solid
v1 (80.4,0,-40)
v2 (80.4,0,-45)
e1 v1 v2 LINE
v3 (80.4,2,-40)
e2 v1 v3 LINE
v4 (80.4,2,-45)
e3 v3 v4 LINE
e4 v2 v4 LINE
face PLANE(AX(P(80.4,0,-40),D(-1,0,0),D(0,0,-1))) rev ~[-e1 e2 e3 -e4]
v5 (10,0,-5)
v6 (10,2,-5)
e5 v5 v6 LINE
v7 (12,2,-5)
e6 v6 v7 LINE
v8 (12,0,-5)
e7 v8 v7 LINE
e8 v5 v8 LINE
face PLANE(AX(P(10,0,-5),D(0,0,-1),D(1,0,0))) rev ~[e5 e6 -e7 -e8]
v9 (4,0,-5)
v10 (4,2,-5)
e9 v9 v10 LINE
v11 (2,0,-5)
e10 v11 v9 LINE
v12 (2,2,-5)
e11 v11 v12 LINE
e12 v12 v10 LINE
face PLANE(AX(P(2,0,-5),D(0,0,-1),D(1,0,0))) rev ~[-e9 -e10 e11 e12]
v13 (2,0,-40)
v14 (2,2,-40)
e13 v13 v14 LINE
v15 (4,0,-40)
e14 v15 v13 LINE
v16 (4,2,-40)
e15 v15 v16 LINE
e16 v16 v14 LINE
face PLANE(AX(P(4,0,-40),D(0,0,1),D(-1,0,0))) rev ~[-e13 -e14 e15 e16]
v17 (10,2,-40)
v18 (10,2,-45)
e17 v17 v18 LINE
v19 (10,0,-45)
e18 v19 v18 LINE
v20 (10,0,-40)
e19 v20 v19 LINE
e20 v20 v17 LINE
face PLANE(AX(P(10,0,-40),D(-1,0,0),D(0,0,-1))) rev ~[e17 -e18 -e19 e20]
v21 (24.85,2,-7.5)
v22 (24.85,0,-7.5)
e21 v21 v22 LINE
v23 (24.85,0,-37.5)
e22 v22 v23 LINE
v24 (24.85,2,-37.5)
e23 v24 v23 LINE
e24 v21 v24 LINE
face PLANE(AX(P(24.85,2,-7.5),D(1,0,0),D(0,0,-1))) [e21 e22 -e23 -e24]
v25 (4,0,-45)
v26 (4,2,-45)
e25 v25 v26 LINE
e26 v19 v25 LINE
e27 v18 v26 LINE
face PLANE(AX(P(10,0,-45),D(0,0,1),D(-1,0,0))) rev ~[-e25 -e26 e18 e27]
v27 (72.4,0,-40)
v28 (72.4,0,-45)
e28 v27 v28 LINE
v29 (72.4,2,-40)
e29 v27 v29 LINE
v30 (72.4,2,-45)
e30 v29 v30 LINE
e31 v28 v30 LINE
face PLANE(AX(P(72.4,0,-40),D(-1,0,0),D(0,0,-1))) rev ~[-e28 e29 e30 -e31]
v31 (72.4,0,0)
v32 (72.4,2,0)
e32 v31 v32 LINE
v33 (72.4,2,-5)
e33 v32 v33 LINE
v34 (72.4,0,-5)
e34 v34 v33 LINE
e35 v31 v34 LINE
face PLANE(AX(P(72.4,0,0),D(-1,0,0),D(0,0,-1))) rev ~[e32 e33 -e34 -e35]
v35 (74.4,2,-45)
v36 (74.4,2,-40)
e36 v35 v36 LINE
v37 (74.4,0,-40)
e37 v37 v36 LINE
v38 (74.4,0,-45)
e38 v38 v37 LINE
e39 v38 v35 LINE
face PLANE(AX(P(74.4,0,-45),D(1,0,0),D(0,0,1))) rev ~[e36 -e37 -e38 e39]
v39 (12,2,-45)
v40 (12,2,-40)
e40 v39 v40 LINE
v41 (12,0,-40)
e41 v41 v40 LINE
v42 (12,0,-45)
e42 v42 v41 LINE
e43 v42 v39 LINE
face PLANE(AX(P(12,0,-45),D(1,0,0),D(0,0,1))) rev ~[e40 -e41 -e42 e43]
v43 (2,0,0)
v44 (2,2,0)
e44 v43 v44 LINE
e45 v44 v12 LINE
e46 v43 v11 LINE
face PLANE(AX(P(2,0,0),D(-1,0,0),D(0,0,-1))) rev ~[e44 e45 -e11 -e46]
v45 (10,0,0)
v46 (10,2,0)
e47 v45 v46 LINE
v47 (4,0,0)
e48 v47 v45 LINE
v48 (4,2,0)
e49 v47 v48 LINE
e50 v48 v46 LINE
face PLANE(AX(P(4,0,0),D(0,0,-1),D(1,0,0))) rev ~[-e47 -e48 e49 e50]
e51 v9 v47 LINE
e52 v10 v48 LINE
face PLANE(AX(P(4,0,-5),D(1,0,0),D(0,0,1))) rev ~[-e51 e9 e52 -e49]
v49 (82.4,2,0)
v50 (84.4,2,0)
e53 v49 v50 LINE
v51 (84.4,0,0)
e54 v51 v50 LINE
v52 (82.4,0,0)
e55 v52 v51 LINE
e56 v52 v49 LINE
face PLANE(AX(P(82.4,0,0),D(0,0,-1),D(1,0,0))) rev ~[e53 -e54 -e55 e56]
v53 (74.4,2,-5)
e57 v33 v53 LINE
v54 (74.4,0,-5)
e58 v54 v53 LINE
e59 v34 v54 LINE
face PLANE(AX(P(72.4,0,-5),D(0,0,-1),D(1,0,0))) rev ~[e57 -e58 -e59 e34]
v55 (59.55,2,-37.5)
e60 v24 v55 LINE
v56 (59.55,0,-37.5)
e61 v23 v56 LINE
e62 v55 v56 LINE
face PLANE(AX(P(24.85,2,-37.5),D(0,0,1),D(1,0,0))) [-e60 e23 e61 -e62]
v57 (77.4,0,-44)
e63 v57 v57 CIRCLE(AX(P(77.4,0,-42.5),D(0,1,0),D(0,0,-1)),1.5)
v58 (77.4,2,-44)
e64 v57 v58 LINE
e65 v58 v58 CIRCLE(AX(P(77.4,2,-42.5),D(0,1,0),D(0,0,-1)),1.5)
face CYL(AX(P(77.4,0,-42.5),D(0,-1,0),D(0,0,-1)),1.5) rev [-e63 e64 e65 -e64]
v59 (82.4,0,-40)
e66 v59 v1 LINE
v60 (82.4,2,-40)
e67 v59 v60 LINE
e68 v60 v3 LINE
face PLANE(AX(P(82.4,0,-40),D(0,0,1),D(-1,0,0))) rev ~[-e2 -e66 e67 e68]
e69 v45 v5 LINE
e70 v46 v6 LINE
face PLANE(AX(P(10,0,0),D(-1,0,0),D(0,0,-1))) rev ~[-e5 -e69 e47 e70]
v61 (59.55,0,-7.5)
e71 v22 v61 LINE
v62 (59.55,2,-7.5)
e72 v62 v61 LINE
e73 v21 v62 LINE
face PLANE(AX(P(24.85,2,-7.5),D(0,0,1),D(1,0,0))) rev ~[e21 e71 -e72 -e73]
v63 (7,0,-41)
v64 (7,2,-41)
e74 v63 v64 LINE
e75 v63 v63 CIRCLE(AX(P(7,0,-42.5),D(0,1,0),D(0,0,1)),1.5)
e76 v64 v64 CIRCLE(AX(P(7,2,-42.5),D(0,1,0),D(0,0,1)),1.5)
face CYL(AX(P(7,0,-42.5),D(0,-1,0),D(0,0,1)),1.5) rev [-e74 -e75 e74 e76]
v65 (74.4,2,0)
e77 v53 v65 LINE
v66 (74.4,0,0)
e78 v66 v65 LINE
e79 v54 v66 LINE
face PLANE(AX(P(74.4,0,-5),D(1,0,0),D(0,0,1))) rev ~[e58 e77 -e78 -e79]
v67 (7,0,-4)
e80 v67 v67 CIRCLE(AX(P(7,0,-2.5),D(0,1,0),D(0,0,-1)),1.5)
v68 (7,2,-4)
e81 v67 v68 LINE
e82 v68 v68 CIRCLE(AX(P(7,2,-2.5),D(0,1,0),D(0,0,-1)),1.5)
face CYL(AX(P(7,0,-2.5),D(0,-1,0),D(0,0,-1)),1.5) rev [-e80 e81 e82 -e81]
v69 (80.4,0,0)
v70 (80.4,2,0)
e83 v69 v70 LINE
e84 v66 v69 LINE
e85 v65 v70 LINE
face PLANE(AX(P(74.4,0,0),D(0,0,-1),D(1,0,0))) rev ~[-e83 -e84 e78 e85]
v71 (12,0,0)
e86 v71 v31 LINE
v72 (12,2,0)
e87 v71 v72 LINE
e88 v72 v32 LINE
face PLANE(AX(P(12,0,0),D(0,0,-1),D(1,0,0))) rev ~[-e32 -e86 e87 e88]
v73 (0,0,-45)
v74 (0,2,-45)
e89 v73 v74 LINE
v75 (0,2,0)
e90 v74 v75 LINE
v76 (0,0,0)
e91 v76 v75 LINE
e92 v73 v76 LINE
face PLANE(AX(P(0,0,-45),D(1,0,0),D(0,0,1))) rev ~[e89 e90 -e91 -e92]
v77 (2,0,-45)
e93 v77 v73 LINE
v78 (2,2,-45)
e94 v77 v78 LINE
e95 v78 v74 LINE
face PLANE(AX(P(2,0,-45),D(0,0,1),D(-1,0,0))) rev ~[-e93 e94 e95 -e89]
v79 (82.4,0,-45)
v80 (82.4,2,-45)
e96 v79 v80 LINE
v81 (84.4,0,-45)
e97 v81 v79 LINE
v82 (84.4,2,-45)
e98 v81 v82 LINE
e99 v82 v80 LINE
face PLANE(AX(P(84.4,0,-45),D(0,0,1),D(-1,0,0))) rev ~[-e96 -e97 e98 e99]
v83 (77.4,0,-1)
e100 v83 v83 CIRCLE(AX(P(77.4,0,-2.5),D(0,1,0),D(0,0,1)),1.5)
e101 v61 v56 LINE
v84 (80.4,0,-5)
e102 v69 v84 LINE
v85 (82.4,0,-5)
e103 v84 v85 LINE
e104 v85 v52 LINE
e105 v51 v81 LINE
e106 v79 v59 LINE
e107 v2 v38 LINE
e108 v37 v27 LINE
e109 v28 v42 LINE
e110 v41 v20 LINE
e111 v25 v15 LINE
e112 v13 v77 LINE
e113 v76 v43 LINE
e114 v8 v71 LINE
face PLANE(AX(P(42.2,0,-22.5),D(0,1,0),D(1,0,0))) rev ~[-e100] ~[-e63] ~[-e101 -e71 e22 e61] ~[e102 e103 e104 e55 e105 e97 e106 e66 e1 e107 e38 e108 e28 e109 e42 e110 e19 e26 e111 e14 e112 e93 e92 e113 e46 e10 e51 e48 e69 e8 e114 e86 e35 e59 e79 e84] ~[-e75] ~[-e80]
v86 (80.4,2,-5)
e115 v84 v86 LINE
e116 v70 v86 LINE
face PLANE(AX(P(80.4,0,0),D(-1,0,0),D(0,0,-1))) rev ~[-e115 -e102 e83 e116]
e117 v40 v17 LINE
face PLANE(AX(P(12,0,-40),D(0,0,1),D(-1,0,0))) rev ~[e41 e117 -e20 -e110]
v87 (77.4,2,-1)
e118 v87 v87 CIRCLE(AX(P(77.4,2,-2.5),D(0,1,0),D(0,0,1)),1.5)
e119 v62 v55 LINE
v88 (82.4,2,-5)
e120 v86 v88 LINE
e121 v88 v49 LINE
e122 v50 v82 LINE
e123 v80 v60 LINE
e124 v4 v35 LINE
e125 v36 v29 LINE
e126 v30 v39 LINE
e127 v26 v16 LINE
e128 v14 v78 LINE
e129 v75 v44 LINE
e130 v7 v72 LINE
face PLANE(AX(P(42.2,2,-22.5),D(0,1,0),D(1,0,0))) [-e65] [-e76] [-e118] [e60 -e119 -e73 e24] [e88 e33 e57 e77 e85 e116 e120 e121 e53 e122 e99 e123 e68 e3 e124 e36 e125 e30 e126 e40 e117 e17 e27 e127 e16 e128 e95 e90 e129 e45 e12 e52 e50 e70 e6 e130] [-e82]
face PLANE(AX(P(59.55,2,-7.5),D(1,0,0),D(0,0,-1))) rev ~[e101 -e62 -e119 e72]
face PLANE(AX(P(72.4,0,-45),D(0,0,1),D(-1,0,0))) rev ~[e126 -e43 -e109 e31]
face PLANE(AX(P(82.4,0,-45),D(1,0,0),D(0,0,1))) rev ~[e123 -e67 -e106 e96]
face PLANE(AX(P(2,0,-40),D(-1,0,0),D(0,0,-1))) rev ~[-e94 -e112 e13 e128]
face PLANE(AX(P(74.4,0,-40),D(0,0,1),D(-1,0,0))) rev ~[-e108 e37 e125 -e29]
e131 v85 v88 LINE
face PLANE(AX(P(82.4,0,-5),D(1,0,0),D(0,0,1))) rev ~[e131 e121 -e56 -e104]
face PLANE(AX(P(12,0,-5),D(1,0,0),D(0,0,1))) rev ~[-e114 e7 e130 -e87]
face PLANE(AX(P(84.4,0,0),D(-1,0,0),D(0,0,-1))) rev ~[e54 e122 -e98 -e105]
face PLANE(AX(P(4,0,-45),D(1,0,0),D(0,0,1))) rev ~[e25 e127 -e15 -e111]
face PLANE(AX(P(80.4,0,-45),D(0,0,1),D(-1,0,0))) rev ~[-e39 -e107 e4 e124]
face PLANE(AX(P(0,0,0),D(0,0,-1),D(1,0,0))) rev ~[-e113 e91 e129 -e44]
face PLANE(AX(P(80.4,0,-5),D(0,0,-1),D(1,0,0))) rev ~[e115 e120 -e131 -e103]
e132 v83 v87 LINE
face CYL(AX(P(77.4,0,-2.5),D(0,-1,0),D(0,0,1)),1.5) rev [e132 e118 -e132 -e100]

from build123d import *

# Parameters (mm, degrees)
SKETCH1_R           = 1.5
BOSS_EXTRUDE1_DEPTH = 2
SKETCH2_W           = 34.7
SKETCH2_H           = 30
CUT_EXTRUDE1_DEPTH  = 10


with BuildPart() as part:
    # Sketch1 → Boss-Extrude1 (new body)
    with BuildSketch(Plane(origin=(0, 0, 0), x_dir=(1, 0, 0), z_dir=(0, 1, 0))):
        Polygon((0, 0), (2, 0), (2, 5), (4, 5), (4, 0), (10, 0), (10, 5), (12, 5), (12, 0), (72.4, 0), (72.4, 5), (74.4, 5), (74.4, 0), (80.4, 0), (80.4, 5), (82.4, 5), (82.4, 0), (84.4, 0), (84.4, 45), (82.4, 45), (82.4, 40), (80.4, 40), (80.4, 45), (74.4, 45), (74.4, 40), (72.4, 40), (72.4, 45), (12, 45), (12, 40), (10, 40), (10, 45), (4, 45), (4, 40), (2, 40), (2, 45), (0, 45), align=None)
        with Locations(Location((7, 42.5, 0), (0, 0, 270))):
            Circle(SKETCH1_R, mode=Mode.SUBTRACT)
        with Locations(Location((77.4, 42.5, 0), (0, 0, 90))):
            Circle(SKETCH1_R, mode=Mode.SUBTRACT)
        with Locations(Location((7, 2.5, 0), (0, 0, 90))):
            Circle(SKETCH1_R, mode=Mode.SUBTRACT)
        with Locations(Location((77.4, 2.5, 0), (0, 0, 270))):
            Circle(SKETCH1_R, mode=Mode.SUBTRACT)
    extrude(amount=BOSS_EXTRUDE1_DEPTH)

    # Sketch2 → Cut-Extrude1 (cut)
    with BuildSketch(Plane(origin=(0, 2, 0), x_dir=(1, 0, 0), z_dir=(0, 1, 0))):
        with Locations((42.2, 22.5)):
            Rectangle(SKETCH2_W, SKETCH2_H)
    extrude(amount=-CUT_EXTRUDE1_DEPTH, mode=Mode.SUBTRACT)


solid = part.part
